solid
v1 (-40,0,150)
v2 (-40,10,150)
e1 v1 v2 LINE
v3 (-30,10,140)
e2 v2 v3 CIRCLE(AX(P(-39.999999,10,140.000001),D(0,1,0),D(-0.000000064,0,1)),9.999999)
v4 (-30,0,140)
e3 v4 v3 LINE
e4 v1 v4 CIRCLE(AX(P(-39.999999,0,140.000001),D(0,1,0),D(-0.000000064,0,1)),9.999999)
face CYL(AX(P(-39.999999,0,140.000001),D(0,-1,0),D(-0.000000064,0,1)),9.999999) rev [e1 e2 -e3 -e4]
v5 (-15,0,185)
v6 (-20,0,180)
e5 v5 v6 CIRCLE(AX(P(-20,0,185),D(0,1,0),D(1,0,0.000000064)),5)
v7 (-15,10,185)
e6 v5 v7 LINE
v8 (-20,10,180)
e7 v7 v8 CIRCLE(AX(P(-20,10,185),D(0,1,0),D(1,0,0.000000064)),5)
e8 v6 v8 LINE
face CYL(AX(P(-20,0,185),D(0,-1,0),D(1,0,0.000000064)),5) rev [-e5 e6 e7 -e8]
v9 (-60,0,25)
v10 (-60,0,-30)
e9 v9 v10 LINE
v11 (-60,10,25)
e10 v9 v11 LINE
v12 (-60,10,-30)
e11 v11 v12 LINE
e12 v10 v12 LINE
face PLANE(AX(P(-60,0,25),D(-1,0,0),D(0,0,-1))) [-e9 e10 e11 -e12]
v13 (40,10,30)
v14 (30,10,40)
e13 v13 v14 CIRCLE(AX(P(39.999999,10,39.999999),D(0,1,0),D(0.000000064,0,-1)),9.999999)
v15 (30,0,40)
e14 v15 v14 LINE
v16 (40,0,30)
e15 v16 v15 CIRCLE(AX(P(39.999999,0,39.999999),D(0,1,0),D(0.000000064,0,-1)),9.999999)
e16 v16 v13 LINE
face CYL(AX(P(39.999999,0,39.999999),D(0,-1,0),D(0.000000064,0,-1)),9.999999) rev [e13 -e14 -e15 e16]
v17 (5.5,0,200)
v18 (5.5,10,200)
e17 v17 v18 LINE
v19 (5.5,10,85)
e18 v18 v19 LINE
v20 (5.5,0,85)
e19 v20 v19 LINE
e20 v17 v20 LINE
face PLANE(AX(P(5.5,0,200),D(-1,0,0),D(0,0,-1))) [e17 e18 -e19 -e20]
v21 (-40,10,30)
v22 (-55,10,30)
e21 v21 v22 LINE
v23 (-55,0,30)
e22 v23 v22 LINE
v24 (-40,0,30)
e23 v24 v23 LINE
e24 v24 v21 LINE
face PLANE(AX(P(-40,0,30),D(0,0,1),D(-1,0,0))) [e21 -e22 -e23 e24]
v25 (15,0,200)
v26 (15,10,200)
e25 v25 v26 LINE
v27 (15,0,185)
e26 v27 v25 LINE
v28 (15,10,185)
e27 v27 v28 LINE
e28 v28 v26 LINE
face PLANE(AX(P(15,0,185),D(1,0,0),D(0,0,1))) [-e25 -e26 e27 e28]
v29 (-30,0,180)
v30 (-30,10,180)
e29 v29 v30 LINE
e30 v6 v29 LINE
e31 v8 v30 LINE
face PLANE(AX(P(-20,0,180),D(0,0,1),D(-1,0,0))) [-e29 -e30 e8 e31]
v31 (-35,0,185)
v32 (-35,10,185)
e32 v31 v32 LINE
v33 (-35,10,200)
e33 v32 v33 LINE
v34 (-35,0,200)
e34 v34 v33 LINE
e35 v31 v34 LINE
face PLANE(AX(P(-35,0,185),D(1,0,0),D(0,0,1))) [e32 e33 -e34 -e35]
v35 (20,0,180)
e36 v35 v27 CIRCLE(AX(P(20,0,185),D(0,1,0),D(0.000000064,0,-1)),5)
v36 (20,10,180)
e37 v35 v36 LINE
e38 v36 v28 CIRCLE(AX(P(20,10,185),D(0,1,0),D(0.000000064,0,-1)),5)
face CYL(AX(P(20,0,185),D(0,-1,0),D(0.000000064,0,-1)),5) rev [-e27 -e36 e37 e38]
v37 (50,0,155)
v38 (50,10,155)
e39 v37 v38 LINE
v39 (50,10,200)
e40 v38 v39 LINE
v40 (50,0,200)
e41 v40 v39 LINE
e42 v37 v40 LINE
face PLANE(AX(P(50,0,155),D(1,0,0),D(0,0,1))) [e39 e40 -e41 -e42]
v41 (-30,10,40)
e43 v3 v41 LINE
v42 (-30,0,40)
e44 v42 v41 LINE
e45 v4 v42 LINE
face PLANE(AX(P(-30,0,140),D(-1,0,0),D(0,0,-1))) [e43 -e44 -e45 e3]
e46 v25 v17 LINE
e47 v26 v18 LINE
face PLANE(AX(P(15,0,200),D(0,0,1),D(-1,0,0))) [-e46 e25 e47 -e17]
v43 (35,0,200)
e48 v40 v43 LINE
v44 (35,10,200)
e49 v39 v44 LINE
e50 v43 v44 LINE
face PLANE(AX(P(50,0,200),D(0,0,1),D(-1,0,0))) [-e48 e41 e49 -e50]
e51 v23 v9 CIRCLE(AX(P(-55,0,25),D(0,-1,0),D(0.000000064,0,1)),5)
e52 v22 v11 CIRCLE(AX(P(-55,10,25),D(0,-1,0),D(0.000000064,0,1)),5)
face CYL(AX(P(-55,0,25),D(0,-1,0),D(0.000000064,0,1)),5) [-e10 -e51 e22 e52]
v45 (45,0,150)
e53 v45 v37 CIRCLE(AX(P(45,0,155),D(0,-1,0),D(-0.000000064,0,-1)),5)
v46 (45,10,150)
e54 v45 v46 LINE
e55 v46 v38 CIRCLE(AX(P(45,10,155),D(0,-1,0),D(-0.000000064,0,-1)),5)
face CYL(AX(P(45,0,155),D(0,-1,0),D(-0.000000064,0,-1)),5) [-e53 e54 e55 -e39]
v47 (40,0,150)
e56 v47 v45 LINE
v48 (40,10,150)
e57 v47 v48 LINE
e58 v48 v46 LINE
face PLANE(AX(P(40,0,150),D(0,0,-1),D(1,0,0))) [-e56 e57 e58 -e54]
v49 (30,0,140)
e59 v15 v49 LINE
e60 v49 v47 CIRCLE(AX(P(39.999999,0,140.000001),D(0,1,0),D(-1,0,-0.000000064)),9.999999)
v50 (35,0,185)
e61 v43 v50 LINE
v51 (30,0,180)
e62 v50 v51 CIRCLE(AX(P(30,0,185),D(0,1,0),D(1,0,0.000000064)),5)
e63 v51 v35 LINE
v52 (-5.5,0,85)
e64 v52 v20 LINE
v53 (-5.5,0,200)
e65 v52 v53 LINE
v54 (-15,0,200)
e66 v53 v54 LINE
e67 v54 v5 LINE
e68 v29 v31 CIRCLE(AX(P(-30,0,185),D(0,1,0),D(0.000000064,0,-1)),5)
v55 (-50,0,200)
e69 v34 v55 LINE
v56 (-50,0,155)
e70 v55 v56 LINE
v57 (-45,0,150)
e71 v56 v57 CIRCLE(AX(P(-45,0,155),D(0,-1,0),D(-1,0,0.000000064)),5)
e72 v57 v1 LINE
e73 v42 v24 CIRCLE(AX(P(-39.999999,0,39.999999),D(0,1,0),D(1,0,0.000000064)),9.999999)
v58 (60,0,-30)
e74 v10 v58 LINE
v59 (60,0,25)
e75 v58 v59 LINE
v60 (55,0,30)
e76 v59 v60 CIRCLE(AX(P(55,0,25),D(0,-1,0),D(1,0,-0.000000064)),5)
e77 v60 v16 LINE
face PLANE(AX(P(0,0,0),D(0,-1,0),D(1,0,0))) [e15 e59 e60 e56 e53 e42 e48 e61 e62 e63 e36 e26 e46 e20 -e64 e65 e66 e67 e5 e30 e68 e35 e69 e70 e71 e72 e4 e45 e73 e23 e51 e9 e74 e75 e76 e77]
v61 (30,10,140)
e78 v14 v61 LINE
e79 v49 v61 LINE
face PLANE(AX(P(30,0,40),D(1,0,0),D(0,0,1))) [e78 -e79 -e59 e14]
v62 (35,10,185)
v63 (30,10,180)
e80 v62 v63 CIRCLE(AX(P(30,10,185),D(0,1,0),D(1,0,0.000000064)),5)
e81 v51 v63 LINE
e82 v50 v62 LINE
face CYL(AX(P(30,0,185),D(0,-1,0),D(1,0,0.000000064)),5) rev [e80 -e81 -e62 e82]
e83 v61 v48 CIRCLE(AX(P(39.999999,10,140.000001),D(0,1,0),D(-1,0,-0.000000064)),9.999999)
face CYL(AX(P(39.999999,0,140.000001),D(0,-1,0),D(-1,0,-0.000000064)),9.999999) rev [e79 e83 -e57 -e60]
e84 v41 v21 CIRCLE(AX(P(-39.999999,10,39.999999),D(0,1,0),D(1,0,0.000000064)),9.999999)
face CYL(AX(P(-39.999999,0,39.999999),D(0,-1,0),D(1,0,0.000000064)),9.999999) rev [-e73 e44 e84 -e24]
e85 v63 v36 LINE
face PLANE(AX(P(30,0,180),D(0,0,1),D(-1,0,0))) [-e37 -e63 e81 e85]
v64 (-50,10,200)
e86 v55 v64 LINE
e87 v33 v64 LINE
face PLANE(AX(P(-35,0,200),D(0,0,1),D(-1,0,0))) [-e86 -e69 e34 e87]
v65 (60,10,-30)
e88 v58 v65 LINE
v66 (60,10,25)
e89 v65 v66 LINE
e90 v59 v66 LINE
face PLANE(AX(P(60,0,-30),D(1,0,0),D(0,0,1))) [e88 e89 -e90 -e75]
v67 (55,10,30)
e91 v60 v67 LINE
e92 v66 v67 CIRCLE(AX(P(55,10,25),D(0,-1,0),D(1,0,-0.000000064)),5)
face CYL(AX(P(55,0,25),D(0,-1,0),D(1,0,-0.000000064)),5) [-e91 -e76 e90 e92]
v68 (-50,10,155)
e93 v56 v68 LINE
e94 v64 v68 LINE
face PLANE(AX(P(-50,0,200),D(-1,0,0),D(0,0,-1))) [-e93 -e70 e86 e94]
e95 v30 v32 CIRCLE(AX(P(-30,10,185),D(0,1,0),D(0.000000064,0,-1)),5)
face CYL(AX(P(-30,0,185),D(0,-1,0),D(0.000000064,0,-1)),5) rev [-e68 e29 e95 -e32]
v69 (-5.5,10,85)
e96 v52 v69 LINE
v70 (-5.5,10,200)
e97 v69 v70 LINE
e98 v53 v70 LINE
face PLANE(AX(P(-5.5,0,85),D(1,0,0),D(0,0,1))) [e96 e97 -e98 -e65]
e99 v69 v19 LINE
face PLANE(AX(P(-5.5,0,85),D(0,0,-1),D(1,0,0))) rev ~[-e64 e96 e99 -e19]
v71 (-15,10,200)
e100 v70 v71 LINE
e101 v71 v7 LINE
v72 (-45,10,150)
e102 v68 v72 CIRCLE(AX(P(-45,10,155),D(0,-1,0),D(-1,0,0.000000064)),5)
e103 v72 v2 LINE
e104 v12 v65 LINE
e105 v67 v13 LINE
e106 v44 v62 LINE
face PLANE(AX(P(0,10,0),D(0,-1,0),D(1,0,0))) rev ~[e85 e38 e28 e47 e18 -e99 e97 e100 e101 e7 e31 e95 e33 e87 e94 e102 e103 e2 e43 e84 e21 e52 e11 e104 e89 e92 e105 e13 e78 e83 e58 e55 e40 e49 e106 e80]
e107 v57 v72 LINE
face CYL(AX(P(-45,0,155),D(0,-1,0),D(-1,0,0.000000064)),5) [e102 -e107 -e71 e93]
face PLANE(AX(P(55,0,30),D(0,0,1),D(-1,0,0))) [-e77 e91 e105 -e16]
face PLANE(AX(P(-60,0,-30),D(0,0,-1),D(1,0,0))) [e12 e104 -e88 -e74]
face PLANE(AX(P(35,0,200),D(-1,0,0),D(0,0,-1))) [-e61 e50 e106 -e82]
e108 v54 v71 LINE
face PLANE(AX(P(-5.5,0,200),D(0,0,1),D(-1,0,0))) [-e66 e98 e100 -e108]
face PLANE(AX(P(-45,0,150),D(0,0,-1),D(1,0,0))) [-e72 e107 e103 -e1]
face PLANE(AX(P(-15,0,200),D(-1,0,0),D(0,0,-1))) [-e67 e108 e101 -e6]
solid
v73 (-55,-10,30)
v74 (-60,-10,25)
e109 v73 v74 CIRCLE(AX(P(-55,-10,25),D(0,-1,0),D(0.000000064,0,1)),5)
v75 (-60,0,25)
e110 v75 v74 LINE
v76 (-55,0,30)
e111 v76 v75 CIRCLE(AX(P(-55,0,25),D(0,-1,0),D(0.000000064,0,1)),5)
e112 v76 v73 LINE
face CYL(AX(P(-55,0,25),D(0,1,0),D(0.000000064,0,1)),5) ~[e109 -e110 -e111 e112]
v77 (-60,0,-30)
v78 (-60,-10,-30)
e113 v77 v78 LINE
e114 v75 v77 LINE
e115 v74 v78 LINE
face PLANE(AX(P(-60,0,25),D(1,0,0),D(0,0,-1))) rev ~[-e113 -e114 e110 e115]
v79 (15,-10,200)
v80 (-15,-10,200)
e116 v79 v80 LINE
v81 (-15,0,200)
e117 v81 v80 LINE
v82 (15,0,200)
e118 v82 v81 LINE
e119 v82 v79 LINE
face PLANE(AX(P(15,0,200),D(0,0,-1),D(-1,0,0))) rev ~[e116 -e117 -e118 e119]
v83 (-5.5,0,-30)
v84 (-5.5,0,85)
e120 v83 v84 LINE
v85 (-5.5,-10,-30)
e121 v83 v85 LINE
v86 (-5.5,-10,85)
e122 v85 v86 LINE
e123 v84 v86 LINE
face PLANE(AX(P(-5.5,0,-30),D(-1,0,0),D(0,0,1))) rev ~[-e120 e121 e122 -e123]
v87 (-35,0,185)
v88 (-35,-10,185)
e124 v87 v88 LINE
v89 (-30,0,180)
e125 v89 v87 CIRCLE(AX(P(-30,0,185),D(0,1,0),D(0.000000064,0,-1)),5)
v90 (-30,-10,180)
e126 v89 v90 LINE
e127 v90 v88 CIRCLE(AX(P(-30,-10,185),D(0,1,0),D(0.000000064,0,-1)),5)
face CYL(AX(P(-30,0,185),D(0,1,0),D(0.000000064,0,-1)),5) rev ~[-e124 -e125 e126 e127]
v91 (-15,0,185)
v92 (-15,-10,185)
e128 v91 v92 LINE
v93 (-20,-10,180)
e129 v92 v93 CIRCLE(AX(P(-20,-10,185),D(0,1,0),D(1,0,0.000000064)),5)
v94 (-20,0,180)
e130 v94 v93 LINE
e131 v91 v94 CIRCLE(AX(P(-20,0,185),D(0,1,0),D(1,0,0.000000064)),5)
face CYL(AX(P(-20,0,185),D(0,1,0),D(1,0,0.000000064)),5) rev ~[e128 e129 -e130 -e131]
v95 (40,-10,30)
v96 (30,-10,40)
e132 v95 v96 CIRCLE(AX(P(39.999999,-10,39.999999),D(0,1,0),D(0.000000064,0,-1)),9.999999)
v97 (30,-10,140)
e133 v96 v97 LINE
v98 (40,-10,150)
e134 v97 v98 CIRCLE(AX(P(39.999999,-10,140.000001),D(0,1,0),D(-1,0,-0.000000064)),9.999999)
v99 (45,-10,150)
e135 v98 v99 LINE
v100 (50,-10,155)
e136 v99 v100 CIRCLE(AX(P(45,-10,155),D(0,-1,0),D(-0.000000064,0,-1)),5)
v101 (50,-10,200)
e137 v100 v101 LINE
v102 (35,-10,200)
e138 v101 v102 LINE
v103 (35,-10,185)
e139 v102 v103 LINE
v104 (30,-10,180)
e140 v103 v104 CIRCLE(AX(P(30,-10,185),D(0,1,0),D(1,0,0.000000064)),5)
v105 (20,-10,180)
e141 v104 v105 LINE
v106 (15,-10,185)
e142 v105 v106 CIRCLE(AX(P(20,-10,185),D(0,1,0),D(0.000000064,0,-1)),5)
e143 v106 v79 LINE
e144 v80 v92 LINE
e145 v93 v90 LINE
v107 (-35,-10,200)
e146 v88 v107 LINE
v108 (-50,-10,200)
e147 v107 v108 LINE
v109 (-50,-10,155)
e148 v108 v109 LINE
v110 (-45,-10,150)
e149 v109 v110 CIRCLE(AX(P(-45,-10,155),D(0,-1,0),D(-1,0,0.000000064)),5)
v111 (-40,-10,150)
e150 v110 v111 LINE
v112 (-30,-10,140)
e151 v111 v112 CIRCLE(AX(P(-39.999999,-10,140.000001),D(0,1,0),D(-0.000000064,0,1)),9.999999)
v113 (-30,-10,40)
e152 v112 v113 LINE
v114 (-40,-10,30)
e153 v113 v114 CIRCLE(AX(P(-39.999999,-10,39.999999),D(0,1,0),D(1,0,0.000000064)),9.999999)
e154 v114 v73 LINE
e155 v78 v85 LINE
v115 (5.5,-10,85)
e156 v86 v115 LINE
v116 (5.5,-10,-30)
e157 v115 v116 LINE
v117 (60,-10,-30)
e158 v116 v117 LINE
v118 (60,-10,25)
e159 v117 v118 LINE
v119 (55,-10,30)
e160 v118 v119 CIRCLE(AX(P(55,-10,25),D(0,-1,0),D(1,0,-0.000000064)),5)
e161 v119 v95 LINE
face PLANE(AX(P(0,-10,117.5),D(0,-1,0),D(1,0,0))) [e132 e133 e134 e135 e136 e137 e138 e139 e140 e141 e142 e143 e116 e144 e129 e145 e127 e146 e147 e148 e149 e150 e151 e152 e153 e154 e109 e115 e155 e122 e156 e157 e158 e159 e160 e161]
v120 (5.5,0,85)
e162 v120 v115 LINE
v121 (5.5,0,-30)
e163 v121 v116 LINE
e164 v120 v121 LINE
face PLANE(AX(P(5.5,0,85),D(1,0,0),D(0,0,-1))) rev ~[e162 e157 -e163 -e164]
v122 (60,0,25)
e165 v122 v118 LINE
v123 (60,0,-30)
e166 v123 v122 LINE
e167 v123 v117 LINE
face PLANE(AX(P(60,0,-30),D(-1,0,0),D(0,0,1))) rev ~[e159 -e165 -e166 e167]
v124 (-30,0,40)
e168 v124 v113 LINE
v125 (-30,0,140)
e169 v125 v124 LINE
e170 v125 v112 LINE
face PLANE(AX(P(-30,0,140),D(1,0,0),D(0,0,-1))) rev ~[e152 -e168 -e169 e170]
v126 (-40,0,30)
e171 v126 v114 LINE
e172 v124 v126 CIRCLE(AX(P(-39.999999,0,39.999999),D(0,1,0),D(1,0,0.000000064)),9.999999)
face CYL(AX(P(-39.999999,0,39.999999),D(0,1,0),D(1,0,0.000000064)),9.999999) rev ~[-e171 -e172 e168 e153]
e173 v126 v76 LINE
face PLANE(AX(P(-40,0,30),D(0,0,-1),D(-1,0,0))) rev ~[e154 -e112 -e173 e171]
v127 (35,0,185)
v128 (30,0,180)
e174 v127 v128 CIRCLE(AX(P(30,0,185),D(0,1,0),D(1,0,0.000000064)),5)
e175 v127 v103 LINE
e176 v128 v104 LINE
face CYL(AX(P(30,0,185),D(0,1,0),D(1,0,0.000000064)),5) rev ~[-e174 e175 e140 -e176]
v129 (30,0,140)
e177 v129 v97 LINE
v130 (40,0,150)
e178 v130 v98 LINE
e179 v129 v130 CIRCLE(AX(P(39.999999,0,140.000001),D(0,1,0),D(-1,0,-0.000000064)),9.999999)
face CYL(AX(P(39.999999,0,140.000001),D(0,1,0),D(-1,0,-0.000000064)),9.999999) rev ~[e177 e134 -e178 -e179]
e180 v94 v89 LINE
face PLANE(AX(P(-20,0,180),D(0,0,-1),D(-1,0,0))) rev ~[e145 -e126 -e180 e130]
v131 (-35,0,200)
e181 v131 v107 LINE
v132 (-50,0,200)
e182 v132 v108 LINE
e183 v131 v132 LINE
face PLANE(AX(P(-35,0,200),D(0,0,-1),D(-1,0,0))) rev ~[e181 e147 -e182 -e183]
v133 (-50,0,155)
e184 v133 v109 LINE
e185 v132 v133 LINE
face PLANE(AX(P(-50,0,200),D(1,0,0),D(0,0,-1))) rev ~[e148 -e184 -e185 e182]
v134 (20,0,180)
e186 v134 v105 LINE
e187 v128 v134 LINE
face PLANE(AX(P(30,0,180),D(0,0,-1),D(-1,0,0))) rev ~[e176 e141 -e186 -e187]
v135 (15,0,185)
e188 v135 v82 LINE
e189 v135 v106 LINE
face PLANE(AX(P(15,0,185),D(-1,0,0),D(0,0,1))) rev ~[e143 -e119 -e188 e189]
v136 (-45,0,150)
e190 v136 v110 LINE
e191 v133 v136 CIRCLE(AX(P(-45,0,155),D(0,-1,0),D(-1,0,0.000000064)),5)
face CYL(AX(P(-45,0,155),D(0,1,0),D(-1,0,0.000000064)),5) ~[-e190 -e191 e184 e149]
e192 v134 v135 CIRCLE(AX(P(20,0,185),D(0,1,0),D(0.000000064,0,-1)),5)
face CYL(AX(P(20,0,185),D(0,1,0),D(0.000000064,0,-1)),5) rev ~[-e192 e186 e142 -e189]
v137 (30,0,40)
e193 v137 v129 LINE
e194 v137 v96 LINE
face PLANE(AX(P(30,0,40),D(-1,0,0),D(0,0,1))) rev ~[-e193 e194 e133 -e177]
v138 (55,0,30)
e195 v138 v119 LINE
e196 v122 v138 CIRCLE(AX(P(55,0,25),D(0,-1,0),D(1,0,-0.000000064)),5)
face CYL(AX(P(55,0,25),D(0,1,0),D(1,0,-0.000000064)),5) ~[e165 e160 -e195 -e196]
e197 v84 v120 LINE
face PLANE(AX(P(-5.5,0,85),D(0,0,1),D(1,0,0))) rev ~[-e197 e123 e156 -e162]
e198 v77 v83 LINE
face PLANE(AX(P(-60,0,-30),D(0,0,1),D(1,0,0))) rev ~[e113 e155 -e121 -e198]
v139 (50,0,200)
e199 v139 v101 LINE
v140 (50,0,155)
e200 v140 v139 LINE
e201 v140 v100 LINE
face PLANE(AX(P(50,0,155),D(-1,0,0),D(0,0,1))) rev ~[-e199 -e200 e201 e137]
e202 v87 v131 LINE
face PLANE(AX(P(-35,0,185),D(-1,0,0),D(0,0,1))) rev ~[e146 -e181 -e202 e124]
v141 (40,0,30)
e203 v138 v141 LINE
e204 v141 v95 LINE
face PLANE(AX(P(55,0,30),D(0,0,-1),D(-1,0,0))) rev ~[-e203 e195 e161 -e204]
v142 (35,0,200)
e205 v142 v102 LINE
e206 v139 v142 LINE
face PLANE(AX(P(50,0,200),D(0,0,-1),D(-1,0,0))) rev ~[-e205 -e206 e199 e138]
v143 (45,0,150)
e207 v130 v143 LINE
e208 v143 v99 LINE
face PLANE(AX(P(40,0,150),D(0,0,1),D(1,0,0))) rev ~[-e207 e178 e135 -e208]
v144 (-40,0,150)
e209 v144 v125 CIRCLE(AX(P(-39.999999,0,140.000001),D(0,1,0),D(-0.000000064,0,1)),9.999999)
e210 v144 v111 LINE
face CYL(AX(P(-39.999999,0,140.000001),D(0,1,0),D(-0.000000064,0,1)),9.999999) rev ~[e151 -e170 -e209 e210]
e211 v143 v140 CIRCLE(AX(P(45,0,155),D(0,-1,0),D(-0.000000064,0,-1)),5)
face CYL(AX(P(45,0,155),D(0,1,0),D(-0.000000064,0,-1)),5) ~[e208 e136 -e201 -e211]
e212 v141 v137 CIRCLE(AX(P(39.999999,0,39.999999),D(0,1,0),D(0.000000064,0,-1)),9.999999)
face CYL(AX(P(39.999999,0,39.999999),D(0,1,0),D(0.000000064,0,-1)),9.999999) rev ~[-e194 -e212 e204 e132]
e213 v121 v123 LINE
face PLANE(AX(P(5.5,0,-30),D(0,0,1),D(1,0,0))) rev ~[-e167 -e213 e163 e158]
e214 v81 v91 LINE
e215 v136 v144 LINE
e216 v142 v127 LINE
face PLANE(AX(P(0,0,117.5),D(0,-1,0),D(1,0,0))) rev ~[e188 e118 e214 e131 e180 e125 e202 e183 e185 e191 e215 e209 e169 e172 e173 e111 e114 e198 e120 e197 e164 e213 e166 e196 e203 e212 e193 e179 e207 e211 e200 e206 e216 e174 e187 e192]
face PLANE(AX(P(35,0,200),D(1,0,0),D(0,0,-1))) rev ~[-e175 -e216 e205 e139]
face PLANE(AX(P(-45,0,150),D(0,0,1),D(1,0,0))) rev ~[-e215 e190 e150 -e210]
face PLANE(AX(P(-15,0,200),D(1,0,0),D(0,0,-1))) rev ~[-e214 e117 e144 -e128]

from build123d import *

# Parameters (mm, degrees)
F0_W     = 11
F0_H     = 65
F0_H_2   = 50
F1_DEPTH = 10
F0_H_3   = 60
F0_H_4   = 55
F2_DEPTH = 10


with BuildPart() as f1:
    # F0 (on Front) → F1 (new body)
    with BuildSketch(Plane.XZ):
        with Locations((0, 117.5)):
            Rectangle(F0_W, F0_H)
        with BuildLine():
            ThreePointArc((-30, 40), (-32.928932, 32.928932), (-40, 30))
            Line((-40, 30), (-55, 30))
            ThreePointArc((-55, 30), (-58.535534, 28.535534), (-60, 25))
            Line((-60, 25), (-60, -30))
            Line((-60, -30), (-5.5, -30))
            Line((-5.5, -30), (-5.5, 30))
            Line((-5.5, 30), (-5.5, 85))
            Line((-5.5, 85), (-5.5, 150))
            Line((-5.5, 150), (-5.5, 200))
            Line((-5.5, 200), (-15, 200))
            Line((-15, 200), (-15, 185))
            ThreePointArc((-15, 185), (-16.464466, 181.464466), (-20, 180))
            Line((-20, 180), (-30, 180))
            ThreePointArc((-30, 180), (-33.535534, 181.464466), (-35, 185))
            Line((-35, 185), (-35, 200))
            Line((-35, 200), (-50, 200))
            Line((-50, 200), (-50, 155))
            ThreePointArc((-50, 155), (-48.535534, 151.464466), (-45, 150))
            Line((-45, 150), (-40, 150))
            ThreePointArc((-40, 150), (-32.928932, 147.071068), (-30, 140))
            Line((-30, 140), (-30, 40))
        make_face()
        with Locations((0, 175)):
            Rectangle(F0_W, F0_H_2)
        with BuildLine():
            Line((5.5, 30), (5.5, -30))
            Line((5.5, -30), (60, -30))
            Line((60, -30), (60, 25))
            ThreePointArc((60, 25), (58.535534, 28.535534), (55, 30))
            Line((55, 30), (40, 30))
            ThreePointArc((40, 30), (32.928932, 32.928932), (30, 40))
            Line((30, 40), (30, 140))
            ThreePointArc((30, 140), (32.928932, 147.071068), (40, 150))
            Line((40, 150), (45, 150))
            ThreePointArc((45, 150), (48.535534, 151.464466), (50, 155))
            Line((50, 155), (50, 200))
            Line((50, 200), (35, 200))
            Line((35, 200), (35, 185))
            ThreePointArc((35, 185), (33.535534, 181.464466), (30, 180))
            Line((30, 180), (20, 180))
            ThreePointArc((20, 180), (16.464466, 181.464466), (15, 185))
            Line((15, 185), (15, 200))
            Line((15, 200), (5.5, 200))
            Line((5.5, 200), (5.5, 150))
            Line((5.5, 150), (5.5, 85))
            Line((5.5, 85), (5.5, 30))
        make_face()
    extrude(amount=F1_DEPTH)


with BuildPart() as f2:
    # F0 (on Front) → F2 (new body)
    with BuildSketch(Plane.XZ):
        Rectangle(F0_W, F0_H_3)
        with BuildLine():
            ThreePointArc((-30, 40), (-32.928932, 32.928932), (-40, 30))
            Line((-40, 30), (-55, 30))
            ThreePointArc((-55, 30), (-58.535534, 28.535534), (-60, 25))
            Line((-60, 25), (-60, -30))
            Line((-60, -30), (-5.5, -30))
            Line((-5.5, -30), (-5.5, 30))
            Line((-5.5, 30), (-5.5, 85))
            Line((-5.5, 85), (-5.5, 150))
            Line((-5.5, 150), (-5.5, 200))
            Line((-5.5, 200), (-15, 200))
            Line((-15, 200), (-15, 185))
            ThreePointArc((-15, 185), (-16.464466, 181.464466), (-20, 180))
            Line((-20, 180), (-30, 180))
            ThreePointArc((-30, 180), (-33.535534, 181.464466), (-35, 185))
            Line((-35, 185), (-35, 200))
            Line((-35, 200), (-50, 200))
            Line((-50, 200), (-50, 155))
            ThreePointArc((-50, 155), (-48.535534, 151.464466), (-45, 150))
            Line((-45, 150), (-40, 150))
            ThreePointArc((-40, 150), (-32.928932, 147.071068), (-30, 140))
            Line((-30, 140), (-30, 40))
        make_face()
        with BuildLine():
            Line((5.5, 30), (5.5, -30))
            Line((5.5, -30), (60, -30))
            Line((60, -30), (60, 25))
            ThreePointArc((60, 25), (58.535534, 28.535534), (55, 30))
            Line((55, 30), (40, 30))
            ThreePointArc((40, 30), (32.928932, 32.928932), (30, 40))
            Line((30, 40), (30, 140))
            ThreePointArc((30, 140), (32.928932, 147.071068), (40, 150))
            Line((40, 150), (45, 150))
            ThreePointArc((45, 150), (48.535534, 151.464466), (50, 155))
            Line((50, 155), (50, 200))
            Line((50, 200), (35, 200))
            Line((35, 200), (35, 185))
            ThreePointArc((35, 185), (33.535534, 181.464466), (30, 180))
            Line((30, 180), (20, 180))
            ThreePointArc((20, 180), (16.464466, 181.464466), (15, 185))
            Line((15, 185), (15, 200))
            Line((15, 200), (5.5, 200))
            Line((5.5, 200), (5.5, 150))
            Line((5.5, 150), (5.5, 85))
            Line((5.5, 85), (5.5, 30))
        make_face()
        with Locations((0, 57.5)):
            Rectangle(F0_W, F0_H_4)
    extrude(amount=-F2_DEPTH)


solid = Compound([f1.part, f2.part])
